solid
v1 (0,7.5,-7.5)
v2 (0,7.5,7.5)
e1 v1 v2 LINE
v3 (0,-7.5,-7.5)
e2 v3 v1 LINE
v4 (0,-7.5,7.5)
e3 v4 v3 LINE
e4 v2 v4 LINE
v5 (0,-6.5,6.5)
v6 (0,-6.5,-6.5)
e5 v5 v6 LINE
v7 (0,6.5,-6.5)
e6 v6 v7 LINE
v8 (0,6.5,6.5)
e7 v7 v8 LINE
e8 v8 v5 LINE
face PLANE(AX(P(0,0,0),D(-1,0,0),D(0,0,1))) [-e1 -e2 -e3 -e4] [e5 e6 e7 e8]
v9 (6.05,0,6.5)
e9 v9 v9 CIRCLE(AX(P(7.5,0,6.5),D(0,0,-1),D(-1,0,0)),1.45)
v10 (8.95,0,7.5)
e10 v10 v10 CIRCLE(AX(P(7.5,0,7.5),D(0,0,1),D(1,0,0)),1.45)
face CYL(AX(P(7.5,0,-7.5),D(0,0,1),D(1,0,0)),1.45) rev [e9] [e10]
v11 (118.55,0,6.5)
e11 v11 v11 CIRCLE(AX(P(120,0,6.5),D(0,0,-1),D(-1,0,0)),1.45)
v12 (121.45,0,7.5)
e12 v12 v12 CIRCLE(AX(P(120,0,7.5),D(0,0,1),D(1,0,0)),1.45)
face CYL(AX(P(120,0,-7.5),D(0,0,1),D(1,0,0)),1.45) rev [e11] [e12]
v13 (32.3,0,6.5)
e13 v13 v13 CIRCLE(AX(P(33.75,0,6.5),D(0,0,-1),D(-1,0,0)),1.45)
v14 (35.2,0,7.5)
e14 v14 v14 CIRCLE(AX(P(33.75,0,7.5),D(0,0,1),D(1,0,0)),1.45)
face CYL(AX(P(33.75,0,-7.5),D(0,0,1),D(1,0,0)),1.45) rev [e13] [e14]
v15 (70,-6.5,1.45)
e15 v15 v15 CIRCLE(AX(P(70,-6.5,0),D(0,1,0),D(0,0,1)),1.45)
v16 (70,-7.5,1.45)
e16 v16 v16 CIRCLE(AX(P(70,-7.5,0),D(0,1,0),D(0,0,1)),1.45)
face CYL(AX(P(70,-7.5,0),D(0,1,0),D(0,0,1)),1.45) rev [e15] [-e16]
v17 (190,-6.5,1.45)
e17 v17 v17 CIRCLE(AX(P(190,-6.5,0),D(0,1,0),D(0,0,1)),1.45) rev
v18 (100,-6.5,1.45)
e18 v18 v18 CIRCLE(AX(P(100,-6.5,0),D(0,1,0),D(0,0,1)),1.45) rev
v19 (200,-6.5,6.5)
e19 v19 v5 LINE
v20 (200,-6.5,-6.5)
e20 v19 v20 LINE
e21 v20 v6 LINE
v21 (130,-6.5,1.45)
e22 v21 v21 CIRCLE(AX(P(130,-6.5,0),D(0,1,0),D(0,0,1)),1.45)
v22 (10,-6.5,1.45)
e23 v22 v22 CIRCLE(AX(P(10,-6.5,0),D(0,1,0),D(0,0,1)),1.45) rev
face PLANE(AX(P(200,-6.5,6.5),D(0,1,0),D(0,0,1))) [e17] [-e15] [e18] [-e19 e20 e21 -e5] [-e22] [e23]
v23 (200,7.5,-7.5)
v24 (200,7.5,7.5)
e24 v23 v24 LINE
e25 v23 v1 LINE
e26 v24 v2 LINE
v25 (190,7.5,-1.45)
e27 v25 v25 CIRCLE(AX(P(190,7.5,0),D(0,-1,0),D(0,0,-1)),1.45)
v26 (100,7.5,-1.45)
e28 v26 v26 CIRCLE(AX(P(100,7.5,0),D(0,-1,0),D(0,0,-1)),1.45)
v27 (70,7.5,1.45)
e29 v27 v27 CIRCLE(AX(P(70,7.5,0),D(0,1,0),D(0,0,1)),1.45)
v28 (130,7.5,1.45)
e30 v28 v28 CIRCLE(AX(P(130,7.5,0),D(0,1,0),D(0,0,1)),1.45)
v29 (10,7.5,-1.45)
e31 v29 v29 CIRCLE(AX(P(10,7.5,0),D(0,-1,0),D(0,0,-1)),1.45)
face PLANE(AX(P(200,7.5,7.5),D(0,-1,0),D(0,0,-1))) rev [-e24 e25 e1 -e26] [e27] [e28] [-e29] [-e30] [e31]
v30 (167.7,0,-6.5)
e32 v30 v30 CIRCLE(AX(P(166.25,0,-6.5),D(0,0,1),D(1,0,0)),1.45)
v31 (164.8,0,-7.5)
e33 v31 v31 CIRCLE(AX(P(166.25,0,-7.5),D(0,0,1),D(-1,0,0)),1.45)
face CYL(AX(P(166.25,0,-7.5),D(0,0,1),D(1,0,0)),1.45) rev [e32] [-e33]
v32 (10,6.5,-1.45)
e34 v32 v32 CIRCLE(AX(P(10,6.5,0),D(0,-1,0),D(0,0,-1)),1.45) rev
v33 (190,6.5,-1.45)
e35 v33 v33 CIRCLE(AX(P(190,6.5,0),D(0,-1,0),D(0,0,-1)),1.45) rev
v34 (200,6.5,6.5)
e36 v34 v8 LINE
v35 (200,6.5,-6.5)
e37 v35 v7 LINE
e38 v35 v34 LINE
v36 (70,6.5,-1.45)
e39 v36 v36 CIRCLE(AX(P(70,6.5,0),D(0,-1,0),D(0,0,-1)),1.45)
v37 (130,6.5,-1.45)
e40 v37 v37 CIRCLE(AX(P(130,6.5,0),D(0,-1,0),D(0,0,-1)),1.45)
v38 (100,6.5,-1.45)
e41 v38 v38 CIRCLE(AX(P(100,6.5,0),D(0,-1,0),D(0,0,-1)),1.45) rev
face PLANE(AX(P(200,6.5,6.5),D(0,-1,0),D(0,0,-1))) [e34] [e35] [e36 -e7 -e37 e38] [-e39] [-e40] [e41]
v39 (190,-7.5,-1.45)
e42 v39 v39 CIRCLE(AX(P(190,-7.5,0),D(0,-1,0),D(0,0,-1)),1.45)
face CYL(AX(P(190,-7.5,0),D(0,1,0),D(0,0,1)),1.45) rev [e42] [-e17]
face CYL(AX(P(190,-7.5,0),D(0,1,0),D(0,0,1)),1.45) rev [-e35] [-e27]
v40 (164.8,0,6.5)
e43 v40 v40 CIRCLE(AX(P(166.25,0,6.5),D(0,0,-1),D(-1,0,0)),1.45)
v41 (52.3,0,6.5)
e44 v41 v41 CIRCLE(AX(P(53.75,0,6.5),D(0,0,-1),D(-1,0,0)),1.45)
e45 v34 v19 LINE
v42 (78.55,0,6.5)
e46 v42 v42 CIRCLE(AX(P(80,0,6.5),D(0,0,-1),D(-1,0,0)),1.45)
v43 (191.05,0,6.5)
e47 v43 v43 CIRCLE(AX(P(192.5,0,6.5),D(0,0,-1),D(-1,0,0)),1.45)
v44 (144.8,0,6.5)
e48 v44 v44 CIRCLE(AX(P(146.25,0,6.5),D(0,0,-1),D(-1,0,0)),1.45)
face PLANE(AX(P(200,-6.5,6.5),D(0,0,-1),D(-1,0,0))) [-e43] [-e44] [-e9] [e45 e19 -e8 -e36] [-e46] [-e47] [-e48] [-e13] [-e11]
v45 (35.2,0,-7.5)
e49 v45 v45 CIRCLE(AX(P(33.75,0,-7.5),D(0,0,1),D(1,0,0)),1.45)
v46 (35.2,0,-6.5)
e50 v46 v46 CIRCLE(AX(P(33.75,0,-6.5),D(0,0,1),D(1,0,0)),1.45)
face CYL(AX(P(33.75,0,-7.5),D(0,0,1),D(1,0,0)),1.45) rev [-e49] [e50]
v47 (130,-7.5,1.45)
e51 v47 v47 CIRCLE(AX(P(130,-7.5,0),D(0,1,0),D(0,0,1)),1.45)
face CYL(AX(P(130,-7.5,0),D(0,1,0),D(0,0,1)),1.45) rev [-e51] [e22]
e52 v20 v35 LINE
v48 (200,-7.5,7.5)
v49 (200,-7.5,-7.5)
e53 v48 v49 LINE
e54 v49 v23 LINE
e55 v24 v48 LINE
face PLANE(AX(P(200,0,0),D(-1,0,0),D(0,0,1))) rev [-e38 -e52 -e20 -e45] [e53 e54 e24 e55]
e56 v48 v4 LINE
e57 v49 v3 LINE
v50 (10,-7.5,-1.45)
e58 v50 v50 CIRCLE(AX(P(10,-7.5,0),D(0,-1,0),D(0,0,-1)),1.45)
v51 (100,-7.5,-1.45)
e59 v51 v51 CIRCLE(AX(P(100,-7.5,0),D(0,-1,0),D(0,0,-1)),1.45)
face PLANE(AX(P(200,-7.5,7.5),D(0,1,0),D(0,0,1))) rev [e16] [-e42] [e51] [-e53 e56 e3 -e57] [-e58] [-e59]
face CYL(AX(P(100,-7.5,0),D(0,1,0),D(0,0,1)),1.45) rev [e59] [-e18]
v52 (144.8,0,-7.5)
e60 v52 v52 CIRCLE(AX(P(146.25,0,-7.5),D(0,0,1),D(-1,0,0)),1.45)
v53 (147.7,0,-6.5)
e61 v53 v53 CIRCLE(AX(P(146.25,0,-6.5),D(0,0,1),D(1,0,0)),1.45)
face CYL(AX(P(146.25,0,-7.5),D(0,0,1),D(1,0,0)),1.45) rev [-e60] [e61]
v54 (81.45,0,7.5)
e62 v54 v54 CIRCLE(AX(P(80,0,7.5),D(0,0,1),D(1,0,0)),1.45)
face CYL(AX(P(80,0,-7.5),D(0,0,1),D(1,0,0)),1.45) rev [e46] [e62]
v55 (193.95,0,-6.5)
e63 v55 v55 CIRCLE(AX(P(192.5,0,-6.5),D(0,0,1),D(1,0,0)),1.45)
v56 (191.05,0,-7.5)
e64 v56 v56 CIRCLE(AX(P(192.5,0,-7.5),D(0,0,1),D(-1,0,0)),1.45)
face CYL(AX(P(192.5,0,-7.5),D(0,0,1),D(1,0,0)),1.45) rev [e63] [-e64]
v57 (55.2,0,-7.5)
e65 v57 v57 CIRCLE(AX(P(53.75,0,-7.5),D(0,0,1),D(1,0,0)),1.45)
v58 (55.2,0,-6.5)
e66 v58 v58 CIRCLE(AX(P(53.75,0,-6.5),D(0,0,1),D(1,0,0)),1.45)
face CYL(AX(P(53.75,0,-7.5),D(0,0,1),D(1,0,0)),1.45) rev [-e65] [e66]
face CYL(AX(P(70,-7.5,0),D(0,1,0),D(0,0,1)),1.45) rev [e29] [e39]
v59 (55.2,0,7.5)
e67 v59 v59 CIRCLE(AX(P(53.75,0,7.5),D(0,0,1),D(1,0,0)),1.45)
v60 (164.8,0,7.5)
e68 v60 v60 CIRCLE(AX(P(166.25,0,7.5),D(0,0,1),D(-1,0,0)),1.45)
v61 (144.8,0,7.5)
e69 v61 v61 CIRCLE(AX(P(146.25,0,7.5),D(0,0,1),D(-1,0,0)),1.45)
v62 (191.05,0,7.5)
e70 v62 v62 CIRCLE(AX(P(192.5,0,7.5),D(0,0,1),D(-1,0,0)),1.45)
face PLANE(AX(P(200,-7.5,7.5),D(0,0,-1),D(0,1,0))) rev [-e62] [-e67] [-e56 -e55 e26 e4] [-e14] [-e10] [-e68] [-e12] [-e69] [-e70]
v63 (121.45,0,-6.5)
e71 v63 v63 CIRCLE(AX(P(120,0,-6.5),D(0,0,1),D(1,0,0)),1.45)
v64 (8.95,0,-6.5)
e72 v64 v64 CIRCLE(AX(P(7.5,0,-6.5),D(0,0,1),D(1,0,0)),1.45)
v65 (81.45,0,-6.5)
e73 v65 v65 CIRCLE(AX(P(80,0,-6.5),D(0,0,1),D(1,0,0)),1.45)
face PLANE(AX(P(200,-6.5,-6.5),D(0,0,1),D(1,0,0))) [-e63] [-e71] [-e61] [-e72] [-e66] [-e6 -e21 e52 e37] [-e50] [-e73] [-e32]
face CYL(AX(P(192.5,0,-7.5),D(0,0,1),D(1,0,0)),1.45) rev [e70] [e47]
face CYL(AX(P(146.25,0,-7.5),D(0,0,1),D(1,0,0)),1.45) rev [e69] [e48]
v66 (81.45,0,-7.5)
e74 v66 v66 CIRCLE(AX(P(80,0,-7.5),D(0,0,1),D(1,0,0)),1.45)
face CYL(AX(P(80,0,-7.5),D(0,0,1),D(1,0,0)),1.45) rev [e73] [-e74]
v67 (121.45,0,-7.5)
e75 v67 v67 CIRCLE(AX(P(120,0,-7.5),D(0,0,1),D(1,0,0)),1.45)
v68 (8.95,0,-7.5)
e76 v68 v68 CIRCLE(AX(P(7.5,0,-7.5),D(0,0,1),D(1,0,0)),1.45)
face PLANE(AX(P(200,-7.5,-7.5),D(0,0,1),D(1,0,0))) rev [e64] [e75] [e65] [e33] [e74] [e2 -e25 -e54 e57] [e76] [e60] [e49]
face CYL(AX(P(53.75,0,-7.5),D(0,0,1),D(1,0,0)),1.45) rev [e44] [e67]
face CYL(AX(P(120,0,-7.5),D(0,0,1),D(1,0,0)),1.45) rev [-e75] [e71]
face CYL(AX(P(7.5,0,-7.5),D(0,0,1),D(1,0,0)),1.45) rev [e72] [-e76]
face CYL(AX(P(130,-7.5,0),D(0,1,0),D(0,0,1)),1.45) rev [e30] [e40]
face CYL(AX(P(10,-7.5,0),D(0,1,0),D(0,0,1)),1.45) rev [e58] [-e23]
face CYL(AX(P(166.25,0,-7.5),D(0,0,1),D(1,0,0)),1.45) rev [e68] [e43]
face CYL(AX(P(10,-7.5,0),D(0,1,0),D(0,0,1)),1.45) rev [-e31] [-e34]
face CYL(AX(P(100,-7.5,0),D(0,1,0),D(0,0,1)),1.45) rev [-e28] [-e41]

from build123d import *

# Parameters (mm, degrees)
SKETCH_11_W         = 15
SKETCH_11_H         = 15
SKETCH_11_W_2       = 13
SKETCH_11_H_2       = 13
F_15X15X1_1_DEPTH   = 200
SKETCH_12_R         = 1.45
CUT_EXTRUDE_2_DEPTH = 201.701893364
SKETCH_13_R         = 1.45
CUT_EXTRUDE_3_DEPTH = 201.701893364
SKETCH_14_R         = 1.45
CUT_EXTRUDE_4_DEPTH = 201.701893364
SKETCH_15_R         = 1.45
CUT_EXTRUDE_5_DEPTH = 201.701893364


with BuildPart() as part:
    # 草图11 → 铝管 15X15X1(1) (new body)
    with BuildSketch(Plane(origin=(0, 0, 0), x_dir=(0, 0, -1), z_dir=(1, 0, 0))):
        Rectangle(SKETCH_11_W, SKETCH_11_H)
        Rectangle(SKETCH_11_W_2, SKETCH_11_H_2, mode=Mode.SUBTRACT)
    extrude(amount=F_15X15X1_1_DEPTH)

    # 草图12 → 切除-拉伸2 (cut, through all)
    with BuildSketch(Plane(origin=(0, 7.5, 0), x_dir=(-1, 0, 0), z_dir=(0, -1, 0))):
        with Locations(Location((-100, 0, 0), (0, 0, 90))):
            Circle(SKETCH_12_R)
        with Locations(Location((-190, 0, 0), (0, 0, 90))):
            Circle(SKETCH_12_R)
        with Locations(Location((-10, 0, 0), (0, 0, 90))):
            Circle(SKETCH_12_R)
    extrude(amount=CUT_EXTRUDE_2_DEPTH, mode=Mode.SUBTRACT)

    # 草图13 → 切除-拉伸3 (cut, through all)
    with BuildSketch(Plane.XY.offset(7.5)):
        with Locations((7.5, 0)):
            Circle(SKETCH_13_R)
        with Locations((33.75, 0)):
            Circle(SKETCH_13_R)
        with Locations((53.75, 0)):
            Circle(SKETCH_13_R)
        with Locations(Location((146.25, 0, 0), (0, 0, 180))):
            Circle(SKETCH_13_R)
        with Locations(Location((166.25, 0, 0), (0, 0, 180))):
            Circle(SKETCH_13_R)
        with Locations(Location((192.5, 0, 0), (0, 0, 180))):
            Circle(SKETCH_13_R)
    extrude(amount=-CUT_EXTRUDE_3_DEPTH, mode=Mode.SUBTRACT)

    # 草图14 → 切除-拉伸4 (cut, through all)
    with BuildSketch(Plane.XY.offset(7.5)):
        with Locations((80, 0)):
            Circle(SKETCH_14_R)
        with Locations((120, 0)):
            Circle(SKETCH_14_R)
    extrude(amount=-CUT_EXTRUDE_4_DEPTH, mode=Mode.SUBTRACT)

    # 草图15 → 切除-拉伸5 (cut, through all)
    with BuildSketch(Plane(origin=(0, 7.5, 0), x_dir=(1, 0, 0), z_dir=(0, 1, 0))):
        with Locations(Location((70, 0, 0), (0, 0, 270))):
            Circle(SKETCH_15_R)
        with Locations(Location((130, 0, 0), (0, 0, 270))):
            Circle(SKETCH_15_R)
    extrude(amount=-CUT_EXTRUDE_5_DEPTH, mode=Mode.SUBTRACT)


solid = part.part
